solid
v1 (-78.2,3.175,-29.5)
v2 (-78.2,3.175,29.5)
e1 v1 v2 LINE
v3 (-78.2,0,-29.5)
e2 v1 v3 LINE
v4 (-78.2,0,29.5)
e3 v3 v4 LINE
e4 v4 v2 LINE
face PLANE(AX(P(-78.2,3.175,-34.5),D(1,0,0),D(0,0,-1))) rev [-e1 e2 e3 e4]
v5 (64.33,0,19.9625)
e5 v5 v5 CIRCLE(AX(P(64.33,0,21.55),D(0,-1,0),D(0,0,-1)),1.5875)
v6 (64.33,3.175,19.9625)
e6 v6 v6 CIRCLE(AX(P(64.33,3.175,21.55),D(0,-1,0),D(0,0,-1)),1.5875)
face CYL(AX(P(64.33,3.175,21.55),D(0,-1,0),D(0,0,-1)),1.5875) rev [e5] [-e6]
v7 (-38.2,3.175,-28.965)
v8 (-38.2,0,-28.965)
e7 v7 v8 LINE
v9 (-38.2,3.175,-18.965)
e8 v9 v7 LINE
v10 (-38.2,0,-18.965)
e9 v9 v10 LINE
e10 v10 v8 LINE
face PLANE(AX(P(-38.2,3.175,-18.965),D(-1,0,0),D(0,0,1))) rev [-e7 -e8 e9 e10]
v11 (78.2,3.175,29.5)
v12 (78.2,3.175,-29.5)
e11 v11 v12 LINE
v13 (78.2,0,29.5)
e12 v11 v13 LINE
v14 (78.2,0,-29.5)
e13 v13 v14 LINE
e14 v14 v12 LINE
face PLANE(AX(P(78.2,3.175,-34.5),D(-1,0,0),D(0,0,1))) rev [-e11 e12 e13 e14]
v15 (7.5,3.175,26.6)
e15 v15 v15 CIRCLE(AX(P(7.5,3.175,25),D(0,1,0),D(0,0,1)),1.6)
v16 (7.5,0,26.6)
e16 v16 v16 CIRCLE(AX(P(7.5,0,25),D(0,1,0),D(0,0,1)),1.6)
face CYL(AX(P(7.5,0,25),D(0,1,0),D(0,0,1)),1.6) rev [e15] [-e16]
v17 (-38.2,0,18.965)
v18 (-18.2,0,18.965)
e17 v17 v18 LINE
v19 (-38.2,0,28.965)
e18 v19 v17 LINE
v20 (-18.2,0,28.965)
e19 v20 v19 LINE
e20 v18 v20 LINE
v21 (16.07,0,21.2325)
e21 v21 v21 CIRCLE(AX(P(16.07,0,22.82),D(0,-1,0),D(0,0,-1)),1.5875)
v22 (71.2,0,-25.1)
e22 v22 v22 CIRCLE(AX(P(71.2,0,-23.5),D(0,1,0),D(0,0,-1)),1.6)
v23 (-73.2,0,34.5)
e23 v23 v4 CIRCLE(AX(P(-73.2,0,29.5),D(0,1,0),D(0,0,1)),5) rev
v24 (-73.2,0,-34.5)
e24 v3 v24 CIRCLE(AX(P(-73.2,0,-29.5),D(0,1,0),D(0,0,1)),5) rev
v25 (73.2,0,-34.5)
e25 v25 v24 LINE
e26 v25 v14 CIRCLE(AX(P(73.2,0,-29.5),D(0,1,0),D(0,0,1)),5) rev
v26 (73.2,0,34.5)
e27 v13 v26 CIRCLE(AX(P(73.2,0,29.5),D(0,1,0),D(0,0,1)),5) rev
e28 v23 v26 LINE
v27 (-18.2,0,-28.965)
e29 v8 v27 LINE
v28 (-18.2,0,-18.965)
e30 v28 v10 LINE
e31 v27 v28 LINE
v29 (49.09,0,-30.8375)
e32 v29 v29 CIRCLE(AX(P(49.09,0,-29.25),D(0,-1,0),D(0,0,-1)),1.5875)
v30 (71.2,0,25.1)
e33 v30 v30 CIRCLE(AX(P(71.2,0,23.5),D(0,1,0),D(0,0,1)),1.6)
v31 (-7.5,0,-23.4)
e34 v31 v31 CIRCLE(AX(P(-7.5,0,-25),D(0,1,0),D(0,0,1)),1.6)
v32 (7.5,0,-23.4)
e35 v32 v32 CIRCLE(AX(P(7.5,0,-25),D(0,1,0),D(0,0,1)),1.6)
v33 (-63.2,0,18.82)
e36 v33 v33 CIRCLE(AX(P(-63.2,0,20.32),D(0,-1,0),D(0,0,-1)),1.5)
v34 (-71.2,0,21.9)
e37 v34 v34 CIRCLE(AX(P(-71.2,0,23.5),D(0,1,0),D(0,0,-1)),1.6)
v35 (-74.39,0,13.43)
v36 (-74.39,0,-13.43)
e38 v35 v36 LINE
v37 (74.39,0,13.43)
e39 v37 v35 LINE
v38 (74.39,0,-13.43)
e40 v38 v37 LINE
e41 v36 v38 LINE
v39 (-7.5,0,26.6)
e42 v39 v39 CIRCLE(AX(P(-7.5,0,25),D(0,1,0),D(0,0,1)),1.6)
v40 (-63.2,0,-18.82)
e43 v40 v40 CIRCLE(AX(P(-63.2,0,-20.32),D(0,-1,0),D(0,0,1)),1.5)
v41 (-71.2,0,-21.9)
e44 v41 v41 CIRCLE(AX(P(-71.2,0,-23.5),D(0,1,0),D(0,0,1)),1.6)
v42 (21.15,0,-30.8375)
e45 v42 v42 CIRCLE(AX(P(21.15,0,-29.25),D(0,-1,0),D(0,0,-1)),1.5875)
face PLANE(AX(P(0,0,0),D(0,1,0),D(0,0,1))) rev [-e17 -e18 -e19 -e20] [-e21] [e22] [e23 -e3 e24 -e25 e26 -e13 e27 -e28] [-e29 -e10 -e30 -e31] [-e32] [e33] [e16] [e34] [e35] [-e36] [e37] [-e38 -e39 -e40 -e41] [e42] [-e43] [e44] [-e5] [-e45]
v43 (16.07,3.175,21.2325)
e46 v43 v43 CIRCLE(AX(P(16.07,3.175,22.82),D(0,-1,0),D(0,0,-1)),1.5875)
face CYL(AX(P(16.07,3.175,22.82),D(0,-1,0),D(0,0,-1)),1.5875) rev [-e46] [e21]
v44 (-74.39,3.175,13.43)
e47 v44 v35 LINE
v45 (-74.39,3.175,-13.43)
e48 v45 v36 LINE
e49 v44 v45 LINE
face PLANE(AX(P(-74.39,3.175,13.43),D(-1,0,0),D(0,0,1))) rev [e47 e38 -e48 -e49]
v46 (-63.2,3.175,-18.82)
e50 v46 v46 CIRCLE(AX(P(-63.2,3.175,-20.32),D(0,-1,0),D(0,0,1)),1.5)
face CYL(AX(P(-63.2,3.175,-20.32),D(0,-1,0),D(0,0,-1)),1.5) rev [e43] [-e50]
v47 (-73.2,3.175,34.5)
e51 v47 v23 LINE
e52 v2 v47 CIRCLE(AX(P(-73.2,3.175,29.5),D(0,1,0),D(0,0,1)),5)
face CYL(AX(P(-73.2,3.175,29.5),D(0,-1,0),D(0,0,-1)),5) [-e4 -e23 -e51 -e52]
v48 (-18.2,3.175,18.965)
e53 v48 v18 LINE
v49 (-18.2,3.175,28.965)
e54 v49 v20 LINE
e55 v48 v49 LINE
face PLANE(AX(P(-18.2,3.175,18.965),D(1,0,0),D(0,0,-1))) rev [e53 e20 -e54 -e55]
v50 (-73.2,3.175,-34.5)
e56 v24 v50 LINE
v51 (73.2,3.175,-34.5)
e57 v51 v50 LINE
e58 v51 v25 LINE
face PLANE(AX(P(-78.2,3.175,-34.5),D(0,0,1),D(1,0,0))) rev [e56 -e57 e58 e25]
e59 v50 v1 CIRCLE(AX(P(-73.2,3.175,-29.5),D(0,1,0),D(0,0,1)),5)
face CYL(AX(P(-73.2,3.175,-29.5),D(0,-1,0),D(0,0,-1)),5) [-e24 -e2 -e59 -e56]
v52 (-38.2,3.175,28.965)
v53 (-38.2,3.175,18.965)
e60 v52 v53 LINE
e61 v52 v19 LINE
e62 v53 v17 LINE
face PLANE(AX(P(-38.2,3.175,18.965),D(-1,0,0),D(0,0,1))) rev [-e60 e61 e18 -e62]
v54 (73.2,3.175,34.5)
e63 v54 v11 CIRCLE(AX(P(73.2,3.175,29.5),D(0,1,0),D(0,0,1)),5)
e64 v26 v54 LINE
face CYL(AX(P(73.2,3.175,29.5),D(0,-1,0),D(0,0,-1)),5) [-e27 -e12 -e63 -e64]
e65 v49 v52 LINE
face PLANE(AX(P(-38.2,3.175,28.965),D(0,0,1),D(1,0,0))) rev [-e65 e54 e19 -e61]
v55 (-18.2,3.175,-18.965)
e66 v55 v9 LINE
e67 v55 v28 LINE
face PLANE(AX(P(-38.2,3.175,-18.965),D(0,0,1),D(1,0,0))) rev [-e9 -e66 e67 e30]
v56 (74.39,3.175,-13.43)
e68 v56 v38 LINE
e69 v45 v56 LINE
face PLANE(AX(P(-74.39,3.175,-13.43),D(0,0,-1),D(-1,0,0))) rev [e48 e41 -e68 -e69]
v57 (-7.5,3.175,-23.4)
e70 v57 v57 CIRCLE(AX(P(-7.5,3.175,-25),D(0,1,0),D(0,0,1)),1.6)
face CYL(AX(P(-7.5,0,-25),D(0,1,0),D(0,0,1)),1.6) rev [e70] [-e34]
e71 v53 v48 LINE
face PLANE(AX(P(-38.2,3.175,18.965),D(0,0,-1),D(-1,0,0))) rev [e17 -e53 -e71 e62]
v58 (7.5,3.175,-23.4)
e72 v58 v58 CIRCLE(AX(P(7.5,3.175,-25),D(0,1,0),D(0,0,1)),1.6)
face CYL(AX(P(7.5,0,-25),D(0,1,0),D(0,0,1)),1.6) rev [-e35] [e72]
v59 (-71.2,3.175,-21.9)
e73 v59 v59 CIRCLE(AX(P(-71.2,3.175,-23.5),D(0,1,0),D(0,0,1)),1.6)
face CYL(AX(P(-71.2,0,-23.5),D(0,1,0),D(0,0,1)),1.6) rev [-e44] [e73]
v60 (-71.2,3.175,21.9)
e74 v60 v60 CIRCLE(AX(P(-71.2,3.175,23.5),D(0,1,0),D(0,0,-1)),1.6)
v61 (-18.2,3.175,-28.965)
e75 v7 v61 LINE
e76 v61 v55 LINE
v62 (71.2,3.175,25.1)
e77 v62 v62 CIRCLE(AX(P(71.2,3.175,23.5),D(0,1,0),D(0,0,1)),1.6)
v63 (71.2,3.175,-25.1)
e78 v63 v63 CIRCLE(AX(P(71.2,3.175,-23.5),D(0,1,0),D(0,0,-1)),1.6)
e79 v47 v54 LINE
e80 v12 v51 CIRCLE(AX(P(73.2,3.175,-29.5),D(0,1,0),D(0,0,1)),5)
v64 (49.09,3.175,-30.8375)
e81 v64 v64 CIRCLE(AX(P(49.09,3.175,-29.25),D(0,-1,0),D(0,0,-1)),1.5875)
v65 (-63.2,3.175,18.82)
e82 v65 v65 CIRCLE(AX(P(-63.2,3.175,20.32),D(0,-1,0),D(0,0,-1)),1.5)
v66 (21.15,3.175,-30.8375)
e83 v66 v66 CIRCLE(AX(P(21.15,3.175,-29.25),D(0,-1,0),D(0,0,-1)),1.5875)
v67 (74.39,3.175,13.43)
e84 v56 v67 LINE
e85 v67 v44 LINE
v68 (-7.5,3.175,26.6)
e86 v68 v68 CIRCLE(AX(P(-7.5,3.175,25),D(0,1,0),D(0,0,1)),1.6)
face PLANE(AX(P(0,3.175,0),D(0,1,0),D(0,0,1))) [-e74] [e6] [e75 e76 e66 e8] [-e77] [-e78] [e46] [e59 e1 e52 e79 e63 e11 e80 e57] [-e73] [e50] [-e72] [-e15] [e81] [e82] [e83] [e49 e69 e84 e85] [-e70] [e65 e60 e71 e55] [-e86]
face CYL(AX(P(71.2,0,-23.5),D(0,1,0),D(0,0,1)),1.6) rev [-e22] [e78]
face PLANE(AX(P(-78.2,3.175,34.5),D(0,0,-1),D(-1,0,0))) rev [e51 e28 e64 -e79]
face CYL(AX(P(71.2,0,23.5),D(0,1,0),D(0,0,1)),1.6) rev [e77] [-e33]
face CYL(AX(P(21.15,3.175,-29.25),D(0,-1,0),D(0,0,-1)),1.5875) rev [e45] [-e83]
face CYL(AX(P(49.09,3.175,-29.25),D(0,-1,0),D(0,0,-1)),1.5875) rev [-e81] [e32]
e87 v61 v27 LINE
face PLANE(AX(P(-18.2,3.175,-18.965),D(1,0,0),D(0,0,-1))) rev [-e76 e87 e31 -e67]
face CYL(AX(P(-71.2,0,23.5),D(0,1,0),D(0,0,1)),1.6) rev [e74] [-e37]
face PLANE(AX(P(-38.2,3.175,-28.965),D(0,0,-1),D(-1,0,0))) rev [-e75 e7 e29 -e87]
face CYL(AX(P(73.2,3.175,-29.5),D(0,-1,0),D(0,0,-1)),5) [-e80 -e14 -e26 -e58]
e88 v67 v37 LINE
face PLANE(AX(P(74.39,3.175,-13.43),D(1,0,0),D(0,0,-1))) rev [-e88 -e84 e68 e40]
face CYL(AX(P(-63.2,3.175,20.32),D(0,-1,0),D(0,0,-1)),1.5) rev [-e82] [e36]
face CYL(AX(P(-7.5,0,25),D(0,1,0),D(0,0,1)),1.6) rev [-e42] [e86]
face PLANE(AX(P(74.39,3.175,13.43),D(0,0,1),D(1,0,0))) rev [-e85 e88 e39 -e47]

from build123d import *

# Parameters (mm, degrees)
SKETCH2_W           = 156.4
SKETCH2_H           = 69
BOSS_EXTRUDE1_DEPTH = 3.175
SKETCH4_R           = 1.6
CUT_EXTRUDE1_DEPTH  = 86.531109107
SKETCH6_R           = 1.5875
CUT_EXTRUDE2_DEPTH  = 86.531109107
SKETCH7_R           = 1.5
CUT_EXTRUDE3_DEPTH  = 86.531109107
SKETCH8_W           = 146.78
SKETCH8_H           = 24.86
CUT_EXTRUDE4_DEPTH  = 86.531109107
SKETCH10_R          = 1.6
CUT_EXTRUDE6_DEPTH  = 86.531109107
SKETCH11_W          = 148.78
SKETCH11_H          = 26.86
CUT_EXTRUDE7_DEPTH  = 86.531109107
SKETCH12_W          = 20
SKETCH12_H          = 10
CUT_EXTRUDE8_DEPTH  = 86.531109107
FILLET1_R           = 5


with BuildPart() as part:
    # Sketch2 → Boss-Extrude1 (new body)
    with BuildSketch(Plane(origin=(0, 0, 0), x_dir=(1, 0, 0), z_dir=(0, 1, 0))):
        Rectangle(SKETCH2_W, SKETCH2_H)
    extrude(amount=BOSS_EXTRUDE1_DEPTH)

    # Sketch4 → Cut-Extrude1 (cut, through all)
    with BuildSketch(Plane(origin=(0, 3.175, 0), x_dir=(1, 0, 0), z_dir=(0, 1, 0))):
        with Locations(Location((71.2, -23.5, 0), (0, 0, 270))):
            Circle(SKETCH4_R)
        with Locations(Location((71.2, 23.5, 0), (0, 0, 90))):
            Circle(SKETCH4_R)
        with Locations(Location((-71.2, 23.5, 0), (0, 0, 270))):
            Circle(SKETCH4_R)
        with Locations(Location((-71.2, -23.5, 0), (0, 0, 90))):
            Circle(SKETCH4_R)
    extrude(amount=-CUT_EXTRUDE1_DEPTH, mode=Mode.SUBTRACT)

    # Sketch6 → Cut-Extrude2 (cut, through all)
    with BuildSketch(Plane.XZ):
        with Locations(Location((49.09, -29.25, 0), (0, 0, 270))):
            Circle(SKETCH6_R)
        with Locations(Location((21.15, -29.25, 0), (0, 0, 270))):
            Circle(SKETCH6_R)
        with Locations(Location((64.33, 21.55, 0), (0, 0, 270))):
            Circle(SKETCH6_R)
        with Locations(Location((16.07, 22.82, 0), (0, 0, 270))):
            Circle(SKETCH6_R)
    extrude(amount=-CUT_EXTRUDE2_DEPTH, mode=Mode.SUBTRACT)

    # Sketch7 → Cut-Extrude3 (cut, through all)
    with BuildSketch(Plane(origin=(0, 0, 0), x_dir=(-1, 0, 0), z_dir=(0, -1, 0))):
        with Locations(Location((63.2, -20.32, 0), (0, 0, 90))):
            Circle(SKETCH7_R)
        with Locations(Location((63.2, 20.32, 0), (0, 0, 270))):
            Circle(SKETCH7_R)
    extrude(amount=-CUT_EXTRUDE3_DEPTH, mode=Mode.SUBTRACT)

    # Sketch8 → Cut-Extrude4 (cut, through all)
    with BuildSketch(Plane.XZ):
        Rectangle(SKETCH8_W, SKETCH8_H)
    extrude(amount=-CUT_EXTRUDE4_DEPTH, mode=Mode.SUBTRACT)

    # Sketch10 → Cut-Extrude6 (cut, through all)
    with BuildSketch(Plane(origin=(0, 3.175, 0), x_dir=(1, 0, 0), z_dir=(0, 1, 0))):
        with Locations(Location((-7.5, -25, 0), (0, 0, 270))):
            Circle(SKETCH10_R)
        with Locations(Location((7.5, -25, 0), (0, 0, 270))):
            Circle(SKETCH10_R)
        with Locations(Location((7.5, 25, 0), (0, 0, 270))):
            Circle(SKETCH10_R)
        with Locations(Location((-7.5, 25, 0), (0, 0, 270))):
            Circle(SKETCH10_R)
    extrude(amount=-CUT_EXTRUDE6_DEPTH, mode=Mode.SUBTRACT)

    # Sketch11 → Cut-Extrude7 (cut, through all)
    with BuildSketch(Plane.XZ):
        Rectangle(SKETCH11_W, SKETCH11_H)
    extrude(amount=-CUT_EXTRUDE7_DEPTH, mode=Mode.SUBTRACT)

    # Sketch12 → Cut-Extrude8 (cut, through all)
    with BuildSketch(Plane.XZ):
        with Locations((-28.2, -23.965)):
            Rectangle(SKETCH12_W, SKETCH12_H)
        with Locations((-28.2, 23.965)):
            Rectangle(SKETCH12_W, SKETCH12_H)
    extrude(amount=-CUT_EXTRUDE8_DEPTH, mode=Mode.SUBTRACT)

    # Fillet1
    fillet1_edges = [part.edges().sort_by_distance(p)[0] for p in [
        (78.2, 1.5875, 34.5),
        (-78.2, 1.5875, 34.5),
        (-78.2, 1.5875, -34.5),
        (78.2, 1.5875, -34.5),
    ]]
    fillet(fillet1_edges, radius=FILLET1_R)


solid = part.part
